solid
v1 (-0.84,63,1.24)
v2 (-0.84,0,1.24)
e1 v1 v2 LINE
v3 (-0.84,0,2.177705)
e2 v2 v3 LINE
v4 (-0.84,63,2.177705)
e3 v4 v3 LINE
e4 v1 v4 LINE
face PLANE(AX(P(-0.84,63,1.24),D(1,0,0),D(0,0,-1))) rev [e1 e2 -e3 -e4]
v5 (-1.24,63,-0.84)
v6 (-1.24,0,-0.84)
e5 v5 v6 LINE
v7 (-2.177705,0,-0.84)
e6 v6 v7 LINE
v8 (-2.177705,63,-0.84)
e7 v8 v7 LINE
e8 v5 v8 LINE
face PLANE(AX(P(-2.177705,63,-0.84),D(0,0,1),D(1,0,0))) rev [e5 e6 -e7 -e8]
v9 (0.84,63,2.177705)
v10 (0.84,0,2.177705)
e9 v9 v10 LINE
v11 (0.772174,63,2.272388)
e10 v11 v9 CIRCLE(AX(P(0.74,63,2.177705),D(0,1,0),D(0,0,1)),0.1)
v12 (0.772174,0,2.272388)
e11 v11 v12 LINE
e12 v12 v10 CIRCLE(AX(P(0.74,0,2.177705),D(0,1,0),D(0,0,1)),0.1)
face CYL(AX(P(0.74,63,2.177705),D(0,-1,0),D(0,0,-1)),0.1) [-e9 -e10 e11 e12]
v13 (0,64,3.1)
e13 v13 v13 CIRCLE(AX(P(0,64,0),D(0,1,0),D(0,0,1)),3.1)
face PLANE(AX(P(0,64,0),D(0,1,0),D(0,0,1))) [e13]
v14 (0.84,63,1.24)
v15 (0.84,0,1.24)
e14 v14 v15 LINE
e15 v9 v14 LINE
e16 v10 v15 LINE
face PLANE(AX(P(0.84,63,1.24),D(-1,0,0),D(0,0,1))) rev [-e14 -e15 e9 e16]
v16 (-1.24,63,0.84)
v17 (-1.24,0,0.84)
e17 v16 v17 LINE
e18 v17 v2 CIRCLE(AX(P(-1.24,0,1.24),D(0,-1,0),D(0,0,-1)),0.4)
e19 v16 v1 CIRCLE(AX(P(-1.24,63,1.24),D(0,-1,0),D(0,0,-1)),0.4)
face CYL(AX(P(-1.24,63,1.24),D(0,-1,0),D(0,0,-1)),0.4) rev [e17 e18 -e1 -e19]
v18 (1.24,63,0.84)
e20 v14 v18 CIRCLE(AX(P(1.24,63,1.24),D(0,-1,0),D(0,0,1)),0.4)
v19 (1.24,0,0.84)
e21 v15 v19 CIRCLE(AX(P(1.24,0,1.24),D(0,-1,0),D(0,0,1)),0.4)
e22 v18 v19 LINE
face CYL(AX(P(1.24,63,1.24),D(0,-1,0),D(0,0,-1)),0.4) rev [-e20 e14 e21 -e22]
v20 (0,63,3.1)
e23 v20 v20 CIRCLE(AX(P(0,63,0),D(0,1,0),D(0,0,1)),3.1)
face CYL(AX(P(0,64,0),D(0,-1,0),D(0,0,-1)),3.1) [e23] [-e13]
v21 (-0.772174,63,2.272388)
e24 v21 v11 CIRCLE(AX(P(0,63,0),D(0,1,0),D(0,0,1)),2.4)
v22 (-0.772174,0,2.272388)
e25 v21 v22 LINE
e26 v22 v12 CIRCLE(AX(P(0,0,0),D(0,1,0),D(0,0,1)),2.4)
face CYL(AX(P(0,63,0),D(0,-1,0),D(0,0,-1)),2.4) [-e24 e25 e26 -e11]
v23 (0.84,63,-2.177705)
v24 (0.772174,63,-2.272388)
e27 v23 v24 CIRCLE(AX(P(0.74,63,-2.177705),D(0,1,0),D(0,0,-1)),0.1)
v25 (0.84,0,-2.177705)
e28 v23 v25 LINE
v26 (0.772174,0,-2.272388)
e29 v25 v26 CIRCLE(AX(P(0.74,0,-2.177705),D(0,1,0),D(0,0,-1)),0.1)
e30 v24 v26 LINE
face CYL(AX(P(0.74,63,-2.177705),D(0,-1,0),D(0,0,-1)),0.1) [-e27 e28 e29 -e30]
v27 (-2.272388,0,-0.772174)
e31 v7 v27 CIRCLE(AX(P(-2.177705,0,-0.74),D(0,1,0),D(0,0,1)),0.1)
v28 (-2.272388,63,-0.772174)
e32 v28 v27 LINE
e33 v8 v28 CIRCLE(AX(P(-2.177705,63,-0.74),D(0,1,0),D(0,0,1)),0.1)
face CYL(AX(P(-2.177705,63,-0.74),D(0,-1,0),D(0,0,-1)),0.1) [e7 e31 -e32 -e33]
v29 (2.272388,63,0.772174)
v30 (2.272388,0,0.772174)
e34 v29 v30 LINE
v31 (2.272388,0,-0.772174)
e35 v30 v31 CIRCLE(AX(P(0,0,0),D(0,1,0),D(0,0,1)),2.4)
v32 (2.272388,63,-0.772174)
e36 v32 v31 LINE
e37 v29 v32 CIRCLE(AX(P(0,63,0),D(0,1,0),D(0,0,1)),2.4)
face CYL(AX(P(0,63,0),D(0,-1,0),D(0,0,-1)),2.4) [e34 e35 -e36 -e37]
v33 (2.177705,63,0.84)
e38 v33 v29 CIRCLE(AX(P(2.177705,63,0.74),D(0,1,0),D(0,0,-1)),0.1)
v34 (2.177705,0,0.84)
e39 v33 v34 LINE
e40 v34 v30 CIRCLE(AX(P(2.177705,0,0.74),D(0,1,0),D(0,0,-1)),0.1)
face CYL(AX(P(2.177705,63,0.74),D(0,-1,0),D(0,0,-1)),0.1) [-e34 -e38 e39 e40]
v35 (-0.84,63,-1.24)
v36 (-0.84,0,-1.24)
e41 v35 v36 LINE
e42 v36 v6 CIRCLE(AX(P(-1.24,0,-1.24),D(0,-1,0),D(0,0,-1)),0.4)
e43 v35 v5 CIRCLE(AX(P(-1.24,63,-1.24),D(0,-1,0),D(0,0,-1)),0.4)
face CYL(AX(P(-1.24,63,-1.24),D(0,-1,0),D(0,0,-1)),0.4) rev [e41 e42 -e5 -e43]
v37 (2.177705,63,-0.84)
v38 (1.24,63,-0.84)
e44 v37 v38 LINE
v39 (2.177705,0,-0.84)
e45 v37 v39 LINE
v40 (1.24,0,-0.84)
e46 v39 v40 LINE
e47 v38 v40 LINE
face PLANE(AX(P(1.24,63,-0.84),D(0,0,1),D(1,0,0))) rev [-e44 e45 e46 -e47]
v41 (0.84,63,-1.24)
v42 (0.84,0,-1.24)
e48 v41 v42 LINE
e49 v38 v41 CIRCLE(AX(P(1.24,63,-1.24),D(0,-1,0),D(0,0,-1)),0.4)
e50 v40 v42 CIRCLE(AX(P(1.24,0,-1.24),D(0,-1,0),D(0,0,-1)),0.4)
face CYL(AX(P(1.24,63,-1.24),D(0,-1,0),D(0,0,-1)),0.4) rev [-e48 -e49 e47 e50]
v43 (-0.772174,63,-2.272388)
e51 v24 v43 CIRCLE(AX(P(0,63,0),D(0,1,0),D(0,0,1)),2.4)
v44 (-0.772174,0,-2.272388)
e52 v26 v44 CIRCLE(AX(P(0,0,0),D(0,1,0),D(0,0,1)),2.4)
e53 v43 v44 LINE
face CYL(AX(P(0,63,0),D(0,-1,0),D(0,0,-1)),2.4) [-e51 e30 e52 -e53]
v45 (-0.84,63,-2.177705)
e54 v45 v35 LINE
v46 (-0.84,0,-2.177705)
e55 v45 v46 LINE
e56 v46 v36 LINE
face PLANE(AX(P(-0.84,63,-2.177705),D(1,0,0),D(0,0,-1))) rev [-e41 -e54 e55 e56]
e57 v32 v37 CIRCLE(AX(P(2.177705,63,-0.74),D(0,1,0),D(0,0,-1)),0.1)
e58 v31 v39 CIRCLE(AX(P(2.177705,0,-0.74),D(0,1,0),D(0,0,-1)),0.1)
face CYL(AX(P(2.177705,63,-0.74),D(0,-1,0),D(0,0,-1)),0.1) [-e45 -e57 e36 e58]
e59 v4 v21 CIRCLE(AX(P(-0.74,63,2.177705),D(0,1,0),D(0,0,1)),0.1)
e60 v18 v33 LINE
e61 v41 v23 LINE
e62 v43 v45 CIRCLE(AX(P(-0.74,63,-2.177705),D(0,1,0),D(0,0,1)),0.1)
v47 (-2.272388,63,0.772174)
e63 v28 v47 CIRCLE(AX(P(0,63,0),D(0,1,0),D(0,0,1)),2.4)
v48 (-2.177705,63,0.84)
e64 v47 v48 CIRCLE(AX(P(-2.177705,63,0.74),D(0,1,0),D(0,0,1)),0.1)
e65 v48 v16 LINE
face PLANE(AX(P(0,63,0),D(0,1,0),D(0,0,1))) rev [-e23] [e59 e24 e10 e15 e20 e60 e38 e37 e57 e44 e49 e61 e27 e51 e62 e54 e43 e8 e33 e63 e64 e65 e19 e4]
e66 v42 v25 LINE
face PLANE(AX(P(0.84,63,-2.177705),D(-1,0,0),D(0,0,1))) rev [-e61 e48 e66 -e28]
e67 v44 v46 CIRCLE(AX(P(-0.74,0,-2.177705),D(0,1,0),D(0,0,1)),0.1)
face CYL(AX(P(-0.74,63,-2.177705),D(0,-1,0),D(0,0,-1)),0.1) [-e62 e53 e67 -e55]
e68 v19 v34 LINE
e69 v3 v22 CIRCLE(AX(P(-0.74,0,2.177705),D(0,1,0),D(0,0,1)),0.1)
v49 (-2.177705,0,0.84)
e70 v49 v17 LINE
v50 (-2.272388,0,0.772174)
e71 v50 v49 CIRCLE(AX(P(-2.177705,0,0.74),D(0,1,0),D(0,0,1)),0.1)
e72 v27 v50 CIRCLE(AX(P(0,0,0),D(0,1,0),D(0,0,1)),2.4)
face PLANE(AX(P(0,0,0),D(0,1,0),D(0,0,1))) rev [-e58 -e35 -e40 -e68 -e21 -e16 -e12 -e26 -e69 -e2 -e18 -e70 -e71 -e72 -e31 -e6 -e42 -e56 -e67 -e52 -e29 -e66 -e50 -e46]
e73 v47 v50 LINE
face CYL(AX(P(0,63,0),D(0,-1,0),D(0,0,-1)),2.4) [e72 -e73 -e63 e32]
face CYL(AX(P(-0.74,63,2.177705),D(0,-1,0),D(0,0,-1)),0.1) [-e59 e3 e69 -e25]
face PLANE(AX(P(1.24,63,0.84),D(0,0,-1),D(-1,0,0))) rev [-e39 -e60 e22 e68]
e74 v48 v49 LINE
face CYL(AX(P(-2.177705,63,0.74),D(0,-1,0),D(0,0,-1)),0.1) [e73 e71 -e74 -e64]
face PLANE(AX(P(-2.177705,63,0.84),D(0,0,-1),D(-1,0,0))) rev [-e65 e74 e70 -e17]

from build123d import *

# Parameters (mm, degrees)
SKETCH1_R           = 3.1
BOSS_EXTRUDE1_DEPTH = 64
SKETCH2_R           = 3.1
CUT_EXTRUDE1_DEPTH  = 63


with BuildPart() as part:
    # Sketch1 → Boss-Extrude1 (new body)
    with BuildSketch(Plane(origin=(0, 0, 0), x_dir=(1, 0, 0), z_dir=(0, 1, 0))):
        with Locations(Location((0, 0, 0), (0, 0, 270))):
            Circle(SKETCH1_R)
    extrude(amount=BOSS_EXTRUDE1_DEPTH)

    # Sketch2 → Cut-Extrude1 (cut)
    with BuildSketch(Plane(origin=(0, 0, 0), x_dir=(1, 0, 0), z_dir=(0, 1, 0))):
        with Locations(Location((0, 0, 0), (0, 0, 270))):
            Circle(SKETCH2_R)
        with BuildLine():
            Line((1.24, -0.84), (2.177705214, -0.84))
            ThreePointArc((2.177705214, -0.84), (2.235940121, -0.821293884), (2.27238805, -0.772173913))
            ThreePointArc((2.27238805, -0.772173913), (2.4, 0), (2.27238805, 0.772173913))
            ThreePointArc((2.27238805, 0.772173913), (2.235940121, 0.821293884), (2.177705214, 0.84))
            Line((2.177705214, 0.84), (1.24, 0.84))
            ThreePointArc((1.24, 0.84), (0.957157288, 0.957157288), (0.84, 1.24))
            Line((0.84, 1.24), (0.84, 2.177705214))
            ThreePointArc((0.84, 2.177705214), (0.821293884, 2.235940121), (0.772173913, 2.27238805))
            ThreePointArc((0.772173913, 2.27238805), (0, 2.4), (-0.772173913, 2.27238805))
            ThreePointArc((-0.772173913, 2.27238805), (-0.821293884, 2.235940121), (-0.84, 2.177705214))
            Line((-0.84, 2.177705214), (-0.84, 1.24))
            ThreePointArc((-0.84, 1.24), (-0.957157288, 0.957157288), (-1.24, 0.84))
            Line((-1.24, 0.84), (-2.177705214, 0.84))
            ThreePointArc((-2.177705214, 0.84), (-2.235940121, 0.821293884), (-2.27238805, 0.772173913))
            ThreePointArc((-2.27238805, 0.772173913), (-2.4, 0), (-2.27238805, -0.772173913))
            ThreePointArc((-2.27238805, -0.772173913), (-2.235940121, -0.821293884), (-2.177705214, -0.84))
            Line((-2.177705214, -0.84), (-1.24, -0.84))
            ThreePointArc((-1.24, -0.84), (-0.957157288, -0.957157288), (-0.84, -1.24))
            Line((-0.84, -1.24), (-0.84, -2.177705214))
            ThreePointArc((-0.84, -2.177705214), (-0.821293884, -2.235940121), (-0.772173913, -2.27238805))
            ThreePointArc((-0.772173913, -2.27238805), (0, -2.4), (0.772173913, -2.27238805))
            ThreePointArc((0.772173913, -2.27238805), (0.821293884, -2.235940121), (0.84, -2.177705214))
            Line((0.84, -2.177705214), (0.84, -1.24))
            ThreePointArc((0.84, -1.24), (0.957157288, -0.957157288), (1.24, -0.84))
        make_face(mode=Mode.SUBTRACT)
    extrude(amount=CUT_EXTRUDE1_DEPTH, mode=Mode.SUBTRACT)


solid = part.part
